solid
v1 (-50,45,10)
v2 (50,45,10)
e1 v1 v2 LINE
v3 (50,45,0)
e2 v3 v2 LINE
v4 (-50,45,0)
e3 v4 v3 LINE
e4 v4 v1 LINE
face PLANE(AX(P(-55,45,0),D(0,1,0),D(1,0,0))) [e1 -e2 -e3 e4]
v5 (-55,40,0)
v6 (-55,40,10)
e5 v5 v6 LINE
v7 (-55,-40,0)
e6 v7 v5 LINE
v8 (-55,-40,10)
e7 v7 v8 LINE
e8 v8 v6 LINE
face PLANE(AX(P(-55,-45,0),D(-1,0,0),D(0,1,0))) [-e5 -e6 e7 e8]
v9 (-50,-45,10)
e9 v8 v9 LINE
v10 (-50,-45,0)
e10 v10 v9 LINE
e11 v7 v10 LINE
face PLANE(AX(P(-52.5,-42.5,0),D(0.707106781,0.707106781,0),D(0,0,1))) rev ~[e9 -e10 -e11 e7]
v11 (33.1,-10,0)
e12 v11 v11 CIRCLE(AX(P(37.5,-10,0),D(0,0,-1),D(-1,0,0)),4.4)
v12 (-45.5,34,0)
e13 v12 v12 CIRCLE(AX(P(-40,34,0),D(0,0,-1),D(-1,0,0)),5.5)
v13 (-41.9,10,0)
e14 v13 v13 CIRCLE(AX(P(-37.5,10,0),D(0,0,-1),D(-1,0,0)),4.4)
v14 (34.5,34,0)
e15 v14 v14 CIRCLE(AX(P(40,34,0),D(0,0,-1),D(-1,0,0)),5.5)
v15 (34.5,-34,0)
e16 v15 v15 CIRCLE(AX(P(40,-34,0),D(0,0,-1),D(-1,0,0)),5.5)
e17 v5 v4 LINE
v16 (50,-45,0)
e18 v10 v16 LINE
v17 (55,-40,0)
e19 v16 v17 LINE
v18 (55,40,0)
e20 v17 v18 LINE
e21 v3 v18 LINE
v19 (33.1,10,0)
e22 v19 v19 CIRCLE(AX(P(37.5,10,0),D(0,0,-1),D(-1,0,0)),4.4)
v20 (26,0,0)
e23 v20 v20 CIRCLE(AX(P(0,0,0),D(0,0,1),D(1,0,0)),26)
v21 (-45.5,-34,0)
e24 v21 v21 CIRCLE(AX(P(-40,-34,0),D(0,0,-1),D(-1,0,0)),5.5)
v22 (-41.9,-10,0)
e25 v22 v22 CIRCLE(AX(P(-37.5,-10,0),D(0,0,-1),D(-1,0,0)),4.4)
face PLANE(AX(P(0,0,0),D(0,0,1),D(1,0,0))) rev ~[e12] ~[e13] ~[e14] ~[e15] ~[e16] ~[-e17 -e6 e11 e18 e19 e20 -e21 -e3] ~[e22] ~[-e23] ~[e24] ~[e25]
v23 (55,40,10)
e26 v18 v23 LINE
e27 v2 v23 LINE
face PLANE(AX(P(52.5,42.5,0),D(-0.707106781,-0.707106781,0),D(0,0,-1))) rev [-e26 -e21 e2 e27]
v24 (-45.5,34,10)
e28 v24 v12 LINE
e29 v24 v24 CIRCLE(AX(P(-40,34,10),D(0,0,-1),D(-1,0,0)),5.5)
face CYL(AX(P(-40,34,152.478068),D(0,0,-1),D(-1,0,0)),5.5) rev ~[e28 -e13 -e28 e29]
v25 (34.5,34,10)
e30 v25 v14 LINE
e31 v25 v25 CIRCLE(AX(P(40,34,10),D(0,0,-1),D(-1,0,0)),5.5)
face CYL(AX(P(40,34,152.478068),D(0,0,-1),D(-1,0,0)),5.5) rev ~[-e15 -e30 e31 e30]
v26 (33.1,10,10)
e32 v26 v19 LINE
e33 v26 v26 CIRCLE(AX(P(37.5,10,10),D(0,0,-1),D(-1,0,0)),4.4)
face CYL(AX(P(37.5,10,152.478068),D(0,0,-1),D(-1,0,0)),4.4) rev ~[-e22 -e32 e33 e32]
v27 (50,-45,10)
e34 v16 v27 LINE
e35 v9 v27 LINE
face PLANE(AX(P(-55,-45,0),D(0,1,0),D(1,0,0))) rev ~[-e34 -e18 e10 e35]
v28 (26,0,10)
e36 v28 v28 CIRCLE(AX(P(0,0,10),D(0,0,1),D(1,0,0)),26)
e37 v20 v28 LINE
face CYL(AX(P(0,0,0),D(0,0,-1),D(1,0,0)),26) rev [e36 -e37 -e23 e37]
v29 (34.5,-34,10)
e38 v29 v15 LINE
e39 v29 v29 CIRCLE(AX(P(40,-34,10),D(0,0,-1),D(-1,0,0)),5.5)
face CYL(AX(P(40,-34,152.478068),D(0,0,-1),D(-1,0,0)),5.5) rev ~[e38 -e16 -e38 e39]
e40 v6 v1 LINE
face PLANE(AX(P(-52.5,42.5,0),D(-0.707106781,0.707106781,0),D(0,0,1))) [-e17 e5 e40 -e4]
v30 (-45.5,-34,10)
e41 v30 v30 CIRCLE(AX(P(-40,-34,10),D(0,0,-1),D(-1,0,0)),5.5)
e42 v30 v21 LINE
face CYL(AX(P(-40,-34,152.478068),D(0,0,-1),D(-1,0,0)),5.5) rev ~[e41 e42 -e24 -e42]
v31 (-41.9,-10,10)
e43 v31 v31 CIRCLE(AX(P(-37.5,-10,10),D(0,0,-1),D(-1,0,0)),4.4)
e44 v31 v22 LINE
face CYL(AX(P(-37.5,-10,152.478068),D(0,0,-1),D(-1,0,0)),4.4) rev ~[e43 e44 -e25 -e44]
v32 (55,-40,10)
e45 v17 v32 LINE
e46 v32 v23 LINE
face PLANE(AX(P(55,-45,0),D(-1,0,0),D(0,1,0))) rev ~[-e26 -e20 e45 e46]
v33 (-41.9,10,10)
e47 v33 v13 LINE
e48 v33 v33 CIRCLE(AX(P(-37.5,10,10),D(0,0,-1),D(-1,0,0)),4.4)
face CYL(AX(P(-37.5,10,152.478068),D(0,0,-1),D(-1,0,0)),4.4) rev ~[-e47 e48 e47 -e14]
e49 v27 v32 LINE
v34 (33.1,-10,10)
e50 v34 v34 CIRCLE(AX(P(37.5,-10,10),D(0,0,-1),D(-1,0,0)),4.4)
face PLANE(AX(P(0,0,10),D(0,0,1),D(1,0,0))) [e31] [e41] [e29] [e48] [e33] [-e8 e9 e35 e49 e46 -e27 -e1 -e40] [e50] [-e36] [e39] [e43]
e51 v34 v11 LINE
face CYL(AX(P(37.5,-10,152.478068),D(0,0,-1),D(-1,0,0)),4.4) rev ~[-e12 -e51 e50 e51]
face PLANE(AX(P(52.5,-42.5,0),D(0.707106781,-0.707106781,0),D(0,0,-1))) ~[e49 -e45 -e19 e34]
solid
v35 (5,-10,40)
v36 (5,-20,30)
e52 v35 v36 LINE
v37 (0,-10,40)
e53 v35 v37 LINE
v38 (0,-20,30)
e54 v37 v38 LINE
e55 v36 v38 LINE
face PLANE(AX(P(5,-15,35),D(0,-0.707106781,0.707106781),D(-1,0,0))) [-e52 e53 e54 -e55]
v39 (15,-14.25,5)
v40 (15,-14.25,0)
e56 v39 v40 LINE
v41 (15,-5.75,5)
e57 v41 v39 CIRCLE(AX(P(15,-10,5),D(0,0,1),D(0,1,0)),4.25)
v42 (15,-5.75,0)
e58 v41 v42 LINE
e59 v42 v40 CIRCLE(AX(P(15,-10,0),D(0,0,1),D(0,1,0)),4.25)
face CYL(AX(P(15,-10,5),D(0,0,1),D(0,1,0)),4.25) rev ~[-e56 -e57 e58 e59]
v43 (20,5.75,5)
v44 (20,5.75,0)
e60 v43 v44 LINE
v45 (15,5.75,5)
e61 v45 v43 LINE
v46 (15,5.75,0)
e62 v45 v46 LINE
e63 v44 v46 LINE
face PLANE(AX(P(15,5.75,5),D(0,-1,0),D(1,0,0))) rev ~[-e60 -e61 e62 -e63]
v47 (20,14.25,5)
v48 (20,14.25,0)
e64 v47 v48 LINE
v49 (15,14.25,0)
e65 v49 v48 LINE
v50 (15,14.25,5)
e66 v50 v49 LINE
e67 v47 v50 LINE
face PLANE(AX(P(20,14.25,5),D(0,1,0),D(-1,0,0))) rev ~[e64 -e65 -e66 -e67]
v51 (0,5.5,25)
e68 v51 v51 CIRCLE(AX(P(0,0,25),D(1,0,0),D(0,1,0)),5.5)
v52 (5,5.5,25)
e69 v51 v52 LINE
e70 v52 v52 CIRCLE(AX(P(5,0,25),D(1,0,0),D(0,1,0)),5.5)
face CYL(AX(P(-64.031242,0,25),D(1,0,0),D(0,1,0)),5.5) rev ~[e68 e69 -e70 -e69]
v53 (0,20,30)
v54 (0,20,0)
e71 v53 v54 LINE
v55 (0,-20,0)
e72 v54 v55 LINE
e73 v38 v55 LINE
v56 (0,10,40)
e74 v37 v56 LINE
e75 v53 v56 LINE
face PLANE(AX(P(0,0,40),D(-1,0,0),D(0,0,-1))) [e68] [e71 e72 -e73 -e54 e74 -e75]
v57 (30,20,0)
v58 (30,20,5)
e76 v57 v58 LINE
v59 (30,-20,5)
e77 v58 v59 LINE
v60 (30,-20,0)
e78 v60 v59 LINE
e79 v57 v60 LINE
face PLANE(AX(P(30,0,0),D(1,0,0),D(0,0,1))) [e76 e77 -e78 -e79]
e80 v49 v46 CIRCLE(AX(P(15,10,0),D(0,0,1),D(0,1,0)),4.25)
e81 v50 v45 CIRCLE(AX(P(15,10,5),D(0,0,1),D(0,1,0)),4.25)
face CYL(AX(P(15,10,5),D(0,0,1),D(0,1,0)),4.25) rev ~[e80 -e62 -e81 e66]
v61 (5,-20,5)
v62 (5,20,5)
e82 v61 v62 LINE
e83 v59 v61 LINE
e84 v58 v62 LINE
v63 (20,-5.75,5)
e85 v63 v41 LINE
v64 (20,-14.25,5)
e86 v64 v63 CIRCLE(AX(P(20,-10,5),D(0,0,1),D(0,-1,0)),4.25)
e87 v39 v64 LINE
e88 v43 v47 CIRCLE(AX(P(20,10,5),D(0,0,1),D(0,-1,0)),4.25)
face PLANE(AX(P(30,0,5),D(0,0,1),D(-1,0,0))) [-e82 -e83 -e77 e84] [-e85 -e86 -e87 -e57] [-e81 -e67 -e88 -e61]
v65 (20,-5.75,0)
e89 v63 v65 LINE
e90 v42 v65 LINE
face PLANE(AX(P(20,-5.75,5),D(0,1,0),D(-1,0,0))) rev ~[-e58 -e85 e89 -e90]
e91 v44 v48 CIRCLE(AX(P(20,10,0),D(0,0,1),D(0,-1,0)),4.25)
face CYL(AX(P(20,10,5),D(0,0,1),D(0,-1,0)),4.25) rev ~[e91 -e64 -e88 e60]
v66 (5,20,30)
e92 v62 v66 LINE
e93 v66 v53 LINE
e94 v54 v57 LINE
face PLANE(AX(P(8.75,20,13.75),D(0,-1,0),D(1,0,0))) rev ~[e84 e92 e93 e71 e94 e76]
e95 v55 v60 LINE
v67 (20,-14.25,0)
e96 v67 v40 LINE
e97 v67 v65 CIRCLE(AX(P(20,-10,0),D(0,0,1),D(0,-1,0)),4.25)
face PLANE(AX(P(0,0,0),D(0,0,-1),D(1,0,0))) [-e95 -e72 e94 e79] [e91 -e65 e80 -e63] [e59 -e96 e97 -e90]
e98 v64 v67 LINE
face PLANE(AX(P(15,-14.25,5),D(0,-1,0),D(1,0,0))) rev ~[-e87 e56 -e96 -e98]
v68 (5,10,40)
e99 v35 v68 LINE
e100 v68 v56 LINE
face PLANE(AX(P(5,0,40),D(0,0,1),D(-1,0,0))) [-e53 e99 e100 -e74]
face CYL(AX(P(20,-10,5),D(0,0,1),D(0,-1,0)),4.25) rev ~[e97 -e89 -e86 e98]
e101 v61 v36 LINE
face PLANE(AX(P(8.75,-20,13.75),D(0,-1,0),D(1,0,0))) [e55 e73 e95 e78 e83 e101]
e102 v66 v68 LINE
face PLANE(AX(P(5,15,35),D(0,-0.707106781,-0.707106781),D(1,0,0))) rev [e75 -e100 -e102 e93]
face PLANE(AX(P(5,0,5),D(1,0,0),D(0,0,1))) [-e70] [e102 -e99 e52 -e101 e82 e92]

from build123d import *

# Parameters (mm, degrees)
F0_W      = 110
F0_H      = 90
F0_R      = 26
F1_DEPTH  = 10
F3_D      = 11
F5_DEPTH  = 20
F7_D      = 11
F8_SIZE   = 10
F10_DEPTH = 25
F12_D     = 8.8
F13_SIZE  = 5


with BuildPart() as f1:
    # F0 (on Top) → F1 (new body)
    with BuildSketch(Plane.XY):
        Rectangle(F0_W, F0_H)
        Circle(F0_R, mode=Mode.SUBTRACT)
    extrude(amount=F1_DEPTH)

    # F3 (through all)
    with Locations(Plane.XY.offset(10)):
        with Locations((-40, 34), (-40, -34), (40, -34), (40, 34)):
            Hole(F3_D / 2)

    # F12 (through all)
    with Locations(Plane.XY.offset(10)):
        with Locations((-37.5, 10), (-37.5, -10), (37.5, -10), (37.5, 10)):
            Hole(F12_D / 2)

    # F13
    f13_edges = [f1.edges().sort_by_distance(p)[0] for p in [
        (-55, 45, 5),
        (55, 45, 5),
        (55, -45, 5),
        (-55, -45, 5),
    ]]
    chamfer(f13_edges, length=F13_SIZE)


with BuildPart() as f5:
    # F4 (on Front) → F5 (new body, symmetric)
    with BuildSketch(Plane.XZ):
        Polygon((0, 40), (0, 0), (30, 0), (30, 5), (5, 5), (5, 40), align=None)
    extrude(amount=F5_DEPTH, both=True)

    # F7 (through all)
    with Locations(Plane(origin=(0, 0, 0), x_dir=(0, -1, 0), z_dir=(-1, 0, 0))):
        with Locations((0, 25)):
            Hole(F7_D / 2)

    # F8
    f8_edges = [f5.edges().sort_by_distance(p)[0] for p in [
        (2.5, -20, 40),
        (2.5, 20, 40),
    ]]
    chamfer(f8_edges, length=F8_SIZE)

    # F9 (on face) → F10 (cut)
    with BuildSketch(Plane.XY.offset(5)):
        with BuildLine():
            Line((15, 5.75), (20, 5.75))
            ThreePointArc((20, 5.75), (24.25, 10), (20, 14.25))
            Line((20, 14.25), (15, 14.25))
            ThreePointArc((15, 14.25), (10.75, 10), (15, 5.75))
        make_face()
        with BuildLine():
            Line((20, -5.75), (15, -5.75))
            ThreePointArc((15, -5.75), (10.75, -10), (15, -14.25))
            Line((15, -14.25), (20, -14.25))
            ThreePointArc((20, -14.25), (24.25, -10), (20, -5.75))
        make_face()
    extrude(amount=-F10_DEPTH, mode=Mode.SUBTRACT)


solid = Compound([f1.part, f5.part])
